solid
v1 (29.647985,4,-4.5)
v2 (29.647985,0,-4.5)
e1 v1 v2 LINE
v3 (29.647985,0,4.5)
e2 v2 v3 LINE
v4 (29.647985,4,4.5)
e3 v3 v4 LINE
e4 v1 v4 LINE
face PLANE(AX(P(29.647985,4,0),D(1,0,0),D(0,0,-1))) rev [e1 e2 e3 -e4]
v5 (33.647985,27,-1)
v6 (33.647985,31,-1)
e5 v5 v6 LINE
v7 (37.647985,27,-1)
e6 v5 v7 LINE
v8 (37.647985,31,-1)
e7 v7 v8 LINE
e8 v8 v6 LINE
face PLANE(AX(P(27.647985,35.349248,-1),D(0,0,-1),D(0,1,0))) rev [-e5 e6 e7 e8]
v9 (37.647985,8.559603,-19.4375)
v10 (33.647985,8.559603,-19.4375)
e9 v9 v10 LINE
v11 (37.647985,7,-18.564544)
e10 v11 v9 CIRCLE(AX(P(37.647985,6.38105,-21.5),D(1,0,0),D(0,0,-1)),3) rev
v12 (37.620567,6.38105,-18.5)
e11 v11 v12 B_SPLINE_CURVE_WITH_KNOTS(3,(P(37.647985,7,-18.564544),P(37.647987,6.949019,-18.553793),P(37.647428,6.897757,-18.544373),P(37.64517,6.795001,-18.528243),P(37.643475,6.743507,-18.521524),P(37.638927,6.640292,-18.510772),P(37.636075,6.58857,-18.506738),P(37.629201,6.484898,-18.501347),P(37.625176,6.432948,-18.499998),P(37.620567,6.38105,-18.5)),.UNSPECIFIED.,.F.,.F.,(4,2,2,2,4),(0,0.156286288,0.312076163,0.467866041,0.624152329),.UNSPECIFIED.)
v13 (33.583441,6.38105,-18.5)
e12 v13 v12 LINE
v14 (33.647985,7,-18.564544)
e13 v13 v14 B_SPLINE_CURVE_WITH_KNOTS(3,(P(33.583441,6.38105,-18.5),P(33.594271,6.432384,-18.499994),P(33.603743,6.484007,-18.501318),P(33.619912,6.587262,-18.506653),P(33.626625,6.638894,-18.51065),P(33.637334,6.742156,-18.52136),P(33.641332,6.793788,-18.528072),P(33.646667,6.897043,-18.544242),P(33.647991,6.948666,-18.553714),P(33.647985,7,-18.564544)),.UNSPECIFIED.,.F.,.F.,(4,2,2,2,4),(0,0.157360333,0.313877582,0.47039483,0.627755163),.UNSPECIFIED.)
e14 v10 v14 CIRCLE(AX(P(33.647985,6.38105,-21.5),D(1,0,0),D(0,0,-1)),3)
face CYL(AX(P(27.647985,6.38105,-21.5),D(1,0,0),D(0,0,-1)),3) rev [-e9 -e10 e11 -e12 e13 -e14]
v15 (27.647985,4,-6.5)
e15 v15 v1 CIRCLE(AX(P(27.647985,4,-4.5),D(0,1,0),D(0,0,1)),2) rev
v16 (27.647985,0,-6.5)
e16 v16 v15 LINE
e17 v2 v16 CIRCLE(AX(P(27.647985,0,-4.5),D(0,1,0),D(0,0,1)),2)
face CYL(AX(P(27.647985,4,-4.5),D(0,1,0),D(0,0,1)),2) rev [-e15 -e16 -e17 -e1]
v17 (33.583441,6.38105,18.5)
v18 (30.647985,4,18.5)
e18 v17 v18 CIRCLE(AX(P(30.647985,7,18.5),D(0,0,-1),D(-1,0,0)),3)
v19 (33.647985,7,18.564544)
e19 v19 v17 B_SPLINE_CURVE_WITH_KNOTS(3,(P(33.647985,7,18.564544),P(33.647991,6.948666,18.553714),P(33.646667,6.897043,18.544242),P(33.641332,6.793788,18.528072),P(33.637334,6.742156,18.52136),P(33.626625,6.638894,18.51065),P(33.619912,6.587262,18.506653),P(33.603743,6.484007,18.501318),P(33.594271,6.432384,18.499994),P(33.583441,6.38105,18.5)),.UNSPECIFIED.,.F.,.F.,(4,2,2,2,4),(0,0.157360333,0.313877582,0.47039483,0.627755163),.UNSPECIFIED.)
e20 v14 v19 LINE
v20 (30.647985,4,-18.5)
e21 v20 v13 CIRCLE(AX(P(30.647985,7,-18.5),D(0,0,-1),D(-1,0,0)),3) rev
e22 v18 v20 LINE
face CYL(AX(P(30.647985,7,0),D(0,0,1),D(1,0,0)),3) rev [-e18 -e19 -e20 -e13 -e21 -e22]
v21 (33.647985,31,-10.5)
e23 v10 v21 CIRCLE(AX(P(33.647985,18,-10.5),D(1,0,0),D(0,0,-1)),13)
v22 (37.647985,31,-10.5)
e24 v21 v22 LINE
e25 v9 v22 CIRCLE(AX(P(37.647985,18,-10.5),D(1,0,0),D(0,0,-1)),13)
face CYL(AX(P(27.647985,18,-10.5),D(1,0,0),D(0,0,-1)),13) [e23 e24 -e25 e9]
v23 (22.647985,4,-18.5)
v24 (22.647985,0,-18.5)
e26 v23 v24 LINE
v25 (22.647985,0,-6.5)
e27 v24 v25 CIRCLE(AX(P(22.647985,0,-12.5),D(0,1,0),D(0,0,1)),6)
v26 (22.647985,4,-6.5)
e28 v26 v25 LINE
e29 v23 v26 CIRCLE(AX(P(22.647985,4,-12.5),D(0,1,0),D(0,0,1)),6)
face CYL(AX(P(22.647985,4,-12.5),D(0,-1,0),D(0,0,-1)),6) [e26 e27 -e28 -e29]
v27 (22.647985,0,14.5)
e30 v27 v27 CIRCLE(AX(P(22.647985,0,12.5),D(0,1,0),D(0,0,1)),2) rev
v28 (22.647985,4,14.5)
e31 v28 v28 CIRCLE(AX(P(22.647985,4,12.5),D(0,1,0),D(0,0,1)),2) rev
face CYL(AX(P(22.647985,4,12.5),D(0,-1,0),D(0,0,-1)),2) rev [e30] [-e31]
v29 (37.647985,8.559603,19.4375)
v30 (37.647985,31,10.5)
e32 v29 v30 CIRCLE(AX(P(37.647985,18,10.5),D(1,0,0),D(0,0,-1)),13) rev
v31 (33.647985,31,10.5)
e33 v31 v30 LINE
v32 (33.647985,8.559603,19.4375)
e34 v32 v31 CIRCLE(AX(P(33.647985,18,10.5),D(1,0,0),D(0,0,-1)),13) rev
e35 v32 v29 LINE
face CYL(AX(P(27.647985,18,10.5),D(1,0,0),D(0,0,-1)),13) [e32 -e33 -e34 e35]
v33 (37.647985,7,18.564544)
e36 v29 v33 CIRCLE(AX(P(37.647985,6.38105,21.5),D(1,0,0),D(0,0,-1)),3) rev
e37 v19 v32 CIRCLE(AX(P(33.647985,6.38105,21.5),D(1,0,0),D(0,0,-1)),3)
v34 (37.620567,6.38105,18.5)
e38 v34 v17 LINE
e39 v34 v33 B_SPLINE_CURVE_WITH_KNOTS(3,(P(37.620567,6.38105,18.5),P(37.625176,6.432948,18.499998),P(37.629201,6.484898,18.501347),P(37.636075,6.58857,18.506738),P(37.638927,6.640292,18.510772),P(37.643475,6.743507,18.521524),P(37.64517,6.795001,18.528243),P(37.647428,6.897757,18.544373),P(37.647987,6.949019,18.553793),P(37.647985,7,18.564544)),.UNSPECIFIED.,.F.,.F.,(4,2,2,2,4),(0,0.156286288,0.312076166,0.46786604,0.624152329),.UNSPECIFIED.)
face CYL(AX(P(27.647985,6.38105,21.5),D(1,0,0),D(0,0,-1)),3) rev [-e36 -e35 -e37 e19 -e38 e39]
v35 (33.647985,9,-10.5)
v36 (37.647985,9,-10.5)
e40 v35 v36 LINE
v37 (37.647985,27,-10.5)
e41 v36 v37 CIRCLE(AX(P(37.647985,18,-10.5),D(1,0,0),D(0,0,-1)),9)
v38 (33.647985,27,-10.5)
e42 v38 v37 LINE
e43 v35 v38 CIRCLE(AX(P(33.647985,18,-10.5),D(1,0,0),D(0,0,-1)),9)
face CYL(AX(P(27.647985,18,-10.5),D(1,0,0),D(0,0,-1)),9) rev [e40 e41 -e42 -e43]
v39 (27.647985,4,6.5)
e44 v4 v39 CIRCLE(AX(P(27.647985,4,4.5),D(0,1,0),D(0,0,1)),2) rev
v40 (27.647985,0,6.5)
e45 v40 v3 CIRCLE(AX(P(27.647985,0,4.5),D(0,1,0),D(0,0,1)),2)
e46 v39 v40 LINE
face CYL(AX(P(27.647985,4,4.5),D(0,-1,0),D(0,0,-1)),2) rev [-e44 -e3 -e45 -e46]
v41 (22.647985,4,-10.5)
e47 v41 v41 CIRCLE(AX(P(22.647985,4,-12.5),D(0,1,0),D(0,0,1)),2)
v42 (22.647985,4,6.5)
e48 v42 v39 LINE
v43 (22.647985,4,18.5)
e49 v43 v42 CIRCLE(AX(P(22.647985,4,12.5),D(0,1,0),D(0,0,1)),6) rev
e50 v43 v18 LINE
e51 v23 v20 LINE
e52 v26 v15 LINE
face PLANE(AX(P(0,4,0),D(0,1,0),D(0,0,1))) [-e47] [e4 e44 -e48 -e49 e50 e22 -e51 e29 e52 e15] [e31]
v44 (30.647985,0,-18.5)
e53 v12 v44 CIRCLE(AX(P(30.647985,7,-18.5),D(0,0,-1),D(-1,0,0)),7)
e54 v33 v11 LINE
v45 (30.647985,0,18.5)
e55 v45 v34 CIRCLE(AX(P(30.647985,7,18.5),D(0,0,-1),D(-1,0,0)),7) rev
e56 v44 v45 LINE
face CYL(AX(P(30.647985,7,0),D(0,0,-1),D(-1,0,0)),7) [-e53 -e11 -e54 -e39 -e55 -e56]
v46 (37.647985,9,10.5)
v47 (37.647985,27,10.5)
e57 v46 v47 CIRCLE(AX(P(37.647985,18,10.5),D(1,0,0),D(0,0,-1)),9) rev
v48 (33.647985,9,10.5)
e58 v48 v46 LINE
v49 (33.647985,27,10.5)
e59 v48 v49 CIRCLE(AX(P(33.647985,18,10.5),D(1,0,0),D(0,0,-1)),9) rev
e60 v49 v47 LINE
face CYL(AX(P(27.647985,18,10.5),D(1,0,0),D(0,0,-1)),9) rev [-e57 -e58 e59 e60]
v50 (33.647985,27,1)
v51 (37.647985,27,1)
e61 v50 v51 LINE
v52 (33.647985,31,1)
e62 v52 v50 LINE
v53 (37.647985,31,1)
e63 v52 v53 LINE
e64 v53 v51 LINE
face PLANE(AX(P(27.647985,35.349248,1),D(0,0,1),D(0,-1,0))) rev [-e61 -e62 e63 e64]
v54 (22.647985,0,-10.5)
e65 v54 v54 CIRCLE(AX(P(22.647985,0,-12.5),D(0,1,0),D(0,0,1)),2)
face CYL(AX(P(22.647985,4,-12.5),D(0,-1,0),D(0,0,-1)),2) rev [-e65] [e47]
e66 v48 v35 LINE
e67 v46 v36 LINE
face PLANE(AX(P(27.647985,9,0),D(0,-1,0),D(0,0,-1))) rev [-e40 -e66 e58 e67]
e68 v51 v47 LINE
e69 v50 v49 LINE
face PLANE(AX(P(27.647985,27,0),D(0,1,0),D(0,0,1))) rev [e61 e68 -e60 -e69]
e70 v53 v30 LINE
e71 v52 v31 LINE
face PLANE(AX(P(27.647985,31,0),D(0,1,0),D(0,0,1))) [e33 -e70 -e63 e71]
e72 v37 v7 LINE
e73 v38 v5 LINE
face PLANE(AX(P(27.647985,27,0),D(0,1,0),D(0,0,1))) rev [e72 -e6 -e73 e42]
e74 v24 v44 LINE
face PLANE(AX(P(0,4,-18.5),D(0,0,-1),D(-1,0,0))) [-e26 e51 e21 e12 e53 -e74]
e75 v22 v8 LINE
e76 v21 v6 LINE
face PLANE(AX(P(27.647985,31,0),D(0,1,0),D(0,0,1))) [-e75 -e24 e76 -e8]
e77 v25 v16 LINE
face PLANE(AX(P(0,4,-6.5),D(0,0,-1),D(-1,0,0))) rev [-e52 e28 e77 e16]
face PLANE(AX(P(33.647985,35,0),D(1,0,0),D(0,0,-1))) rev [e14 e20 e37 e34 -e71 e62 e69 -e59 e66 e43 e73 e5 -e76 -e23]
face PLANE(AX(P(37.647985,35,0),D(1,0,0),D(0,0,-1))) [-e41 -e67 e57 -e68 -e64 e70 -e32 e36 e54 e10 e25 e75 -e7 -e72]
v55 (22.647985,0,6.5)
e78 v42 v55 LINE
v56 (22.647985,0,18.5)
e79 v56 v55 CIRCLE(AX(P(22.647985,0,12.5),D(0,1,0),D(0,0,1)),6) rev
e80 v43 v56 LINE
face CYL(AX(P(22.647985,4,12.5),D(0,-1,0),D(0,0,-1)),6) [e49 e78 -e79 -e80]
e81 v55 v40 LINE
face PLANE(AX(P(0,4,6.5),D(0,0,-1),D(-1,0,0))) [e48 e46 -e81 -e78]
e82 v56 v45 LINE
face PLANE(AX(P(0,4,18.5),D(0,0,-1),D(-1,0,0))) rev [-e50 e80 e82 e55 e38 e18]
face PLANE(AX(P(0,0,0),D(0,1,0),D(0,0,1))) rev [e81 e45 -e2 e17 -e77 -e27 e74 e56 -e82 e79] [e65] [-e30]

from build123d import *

# Parameters (mm, degrees)
SKETCH1_R           = 2
BOSS_EXTRUDE1_DEPTH = 4
SKETCH1_3_W         = 4
SKETCH1_3_H         = 56
BOSS_EXTRUDE2_DEPTH = 35
FILLET3_R           = 2
CUT_EXTRUDE2_DEPTH  = 10
SKETCH4_W           = 2
SKETCH4_H           = 8.349248205
CUT_EXTRUDE3_DEPTH  = 10
FILLET4_R           = 3
FILLET6_R           = 3
FILLET5_R           = 7


with BuildPart() as part:
    # Sketch1 → Boss-Extrude1 (new body)
    with BuildSketch(Plane(origin=(0, 0, 0), x_dir=(1, 0, 0), z_dir=(0, 1, 0))):
        with BuildLine():
            Line((33.647984737, 18.5), (22.647984737, 18.5))
            ThreePointArc((22.647984737, 18.5), (16.647984737, 12.5), (22.647984737, 6.5))
            Line((22.647984737, 6.5), (29.647984737, 6.5))
            Line((29.647984737, 6.5), (29.647984737, -6.5))
            Line((29.647984737, -6.5), (22.647984737, -6.5))
            ThreePointArc((22.647984737, -6.5), (16.647984737, -12.5), (22.647984737, -18.5))
            Line((22.647984737, -18.5), (33.647984737, -18.5))
            Line((33.647984737, -18.5), (33.647984737, 18.5))
        make_face()
        with Locations((22.647984737, 12.5)):
            Circle(SKETCH1_R, mode=Mode.SUBTRACT)
        with Locations((22.647984737, -12.5)):
            Circle(SKETCH1_R, mode=Mode.SUBTRACT)
    extrude(amount=BOSS_EXTRUDE1_DEPTH)

    # Sketch1<3> → Boss-Extrude2 (add)
    with BuildSketch(Plane(origin=(0, 0, 0), x_dir=(1, 0, 0), z_dir=(0, 1, 0))):
        with Locations((35.647984737, 0)):
            Rectangle(SKETCH1_3_W, SKETCH1_3_H)
    extrude(amount=BOSS_EXTRUDE2_DEPTH)

    # Fillet3
    fillet3_edges = [part.edges().sort_by_distance(p)[0] for p in [
        (29.647984737, 2, -6.5),
        (29.647984737, 2, 6.5),
    ]]
    fillet(fillet3_edges, radius=FILLET3_R)

    # Sketch3 → Cut-Extrude2 (cut)
    with BuildSketch(Plane(origin=(37.647984737, 0, 0), x_dir=(0, 0, -1), z_dir=(1, 0, 0))):
        with BuildLine():
            Line((-28, 0), (-18.5, 0))
            Line((-18.5, 0), (-18.5, 7.753049234))
            ThreePointArc((-18.5, 7.753049234), (-22.792484695, 22.230226947), (-10.5, 31))
            Line((-10.5, 31), (10.5, 31))
            ThreePointArc((10.5, 31), (22.792484695, 22.230226947), (18.5, 7.753049234))
            Line((18.5, 7.753049234), (18.5, 0))
            Line((18.5, 0), (28, 0))
            Line((28, 0), (28, 35))
            Line((28, 35), (-28, 35))
            Line((-28, 35), (-28, 0))
        make_face()
        with BuildLine():
            Line((-10.5, 9), (10.5, 9))
            ThreePointArc((10.5, 9), (19.5, 18), (10.5, 27))
            Line((10.5, 27), (-10.5, 27))
            ThreePointArc((-10.5, 27), (-19.5, 18), (-10.5, 9))
        make_face()
    extrude(amount=-CUT_EXTRUDE2_DEPTH, mode=Mode.SUBTRACT)

    # Sketch4 → Cut-Extrude3 (cut)
    with BuildSketch(Plane(origin=(37.647984737, 0, 0), x_dir=(0, 0, -1), z_dir=(1, 0, 0))):
        with Locations((0, 31.174624103)):
            Rectangle(SKETCH4_W, SKETCH4_H)
    extrude(amount=-CUT_EXTRUDE3_DEPTH, mode=Mode.SUBTRACT)

    # Fillet4
    fillet4_edges = [part.edges().sort_by_distance(p)[0] for p in [
        (35.647984737, 7.753049234, -18.5),
        (35.647984737, 7.753049234, 18.5),
    ]]
    fillet(fillet4_edges, radius=FILLET4_R)

    # Fillet6
    fillet6_edges = [part.edges().sort_by_distance(p)[0] for p in [
        (33.647984737, 4, 0),
    ]]
    fillet(fillet6_edges, radius=FILLET6_R)

    # Fillet5
    fillet5_edges = [part.edges().sort_by_distance(p)[0] for p in [
        (37.647984737, 0, 0),
    ]]
    fillet(fillet5_edges, radius=FILLET5_R)


solid = part.part
